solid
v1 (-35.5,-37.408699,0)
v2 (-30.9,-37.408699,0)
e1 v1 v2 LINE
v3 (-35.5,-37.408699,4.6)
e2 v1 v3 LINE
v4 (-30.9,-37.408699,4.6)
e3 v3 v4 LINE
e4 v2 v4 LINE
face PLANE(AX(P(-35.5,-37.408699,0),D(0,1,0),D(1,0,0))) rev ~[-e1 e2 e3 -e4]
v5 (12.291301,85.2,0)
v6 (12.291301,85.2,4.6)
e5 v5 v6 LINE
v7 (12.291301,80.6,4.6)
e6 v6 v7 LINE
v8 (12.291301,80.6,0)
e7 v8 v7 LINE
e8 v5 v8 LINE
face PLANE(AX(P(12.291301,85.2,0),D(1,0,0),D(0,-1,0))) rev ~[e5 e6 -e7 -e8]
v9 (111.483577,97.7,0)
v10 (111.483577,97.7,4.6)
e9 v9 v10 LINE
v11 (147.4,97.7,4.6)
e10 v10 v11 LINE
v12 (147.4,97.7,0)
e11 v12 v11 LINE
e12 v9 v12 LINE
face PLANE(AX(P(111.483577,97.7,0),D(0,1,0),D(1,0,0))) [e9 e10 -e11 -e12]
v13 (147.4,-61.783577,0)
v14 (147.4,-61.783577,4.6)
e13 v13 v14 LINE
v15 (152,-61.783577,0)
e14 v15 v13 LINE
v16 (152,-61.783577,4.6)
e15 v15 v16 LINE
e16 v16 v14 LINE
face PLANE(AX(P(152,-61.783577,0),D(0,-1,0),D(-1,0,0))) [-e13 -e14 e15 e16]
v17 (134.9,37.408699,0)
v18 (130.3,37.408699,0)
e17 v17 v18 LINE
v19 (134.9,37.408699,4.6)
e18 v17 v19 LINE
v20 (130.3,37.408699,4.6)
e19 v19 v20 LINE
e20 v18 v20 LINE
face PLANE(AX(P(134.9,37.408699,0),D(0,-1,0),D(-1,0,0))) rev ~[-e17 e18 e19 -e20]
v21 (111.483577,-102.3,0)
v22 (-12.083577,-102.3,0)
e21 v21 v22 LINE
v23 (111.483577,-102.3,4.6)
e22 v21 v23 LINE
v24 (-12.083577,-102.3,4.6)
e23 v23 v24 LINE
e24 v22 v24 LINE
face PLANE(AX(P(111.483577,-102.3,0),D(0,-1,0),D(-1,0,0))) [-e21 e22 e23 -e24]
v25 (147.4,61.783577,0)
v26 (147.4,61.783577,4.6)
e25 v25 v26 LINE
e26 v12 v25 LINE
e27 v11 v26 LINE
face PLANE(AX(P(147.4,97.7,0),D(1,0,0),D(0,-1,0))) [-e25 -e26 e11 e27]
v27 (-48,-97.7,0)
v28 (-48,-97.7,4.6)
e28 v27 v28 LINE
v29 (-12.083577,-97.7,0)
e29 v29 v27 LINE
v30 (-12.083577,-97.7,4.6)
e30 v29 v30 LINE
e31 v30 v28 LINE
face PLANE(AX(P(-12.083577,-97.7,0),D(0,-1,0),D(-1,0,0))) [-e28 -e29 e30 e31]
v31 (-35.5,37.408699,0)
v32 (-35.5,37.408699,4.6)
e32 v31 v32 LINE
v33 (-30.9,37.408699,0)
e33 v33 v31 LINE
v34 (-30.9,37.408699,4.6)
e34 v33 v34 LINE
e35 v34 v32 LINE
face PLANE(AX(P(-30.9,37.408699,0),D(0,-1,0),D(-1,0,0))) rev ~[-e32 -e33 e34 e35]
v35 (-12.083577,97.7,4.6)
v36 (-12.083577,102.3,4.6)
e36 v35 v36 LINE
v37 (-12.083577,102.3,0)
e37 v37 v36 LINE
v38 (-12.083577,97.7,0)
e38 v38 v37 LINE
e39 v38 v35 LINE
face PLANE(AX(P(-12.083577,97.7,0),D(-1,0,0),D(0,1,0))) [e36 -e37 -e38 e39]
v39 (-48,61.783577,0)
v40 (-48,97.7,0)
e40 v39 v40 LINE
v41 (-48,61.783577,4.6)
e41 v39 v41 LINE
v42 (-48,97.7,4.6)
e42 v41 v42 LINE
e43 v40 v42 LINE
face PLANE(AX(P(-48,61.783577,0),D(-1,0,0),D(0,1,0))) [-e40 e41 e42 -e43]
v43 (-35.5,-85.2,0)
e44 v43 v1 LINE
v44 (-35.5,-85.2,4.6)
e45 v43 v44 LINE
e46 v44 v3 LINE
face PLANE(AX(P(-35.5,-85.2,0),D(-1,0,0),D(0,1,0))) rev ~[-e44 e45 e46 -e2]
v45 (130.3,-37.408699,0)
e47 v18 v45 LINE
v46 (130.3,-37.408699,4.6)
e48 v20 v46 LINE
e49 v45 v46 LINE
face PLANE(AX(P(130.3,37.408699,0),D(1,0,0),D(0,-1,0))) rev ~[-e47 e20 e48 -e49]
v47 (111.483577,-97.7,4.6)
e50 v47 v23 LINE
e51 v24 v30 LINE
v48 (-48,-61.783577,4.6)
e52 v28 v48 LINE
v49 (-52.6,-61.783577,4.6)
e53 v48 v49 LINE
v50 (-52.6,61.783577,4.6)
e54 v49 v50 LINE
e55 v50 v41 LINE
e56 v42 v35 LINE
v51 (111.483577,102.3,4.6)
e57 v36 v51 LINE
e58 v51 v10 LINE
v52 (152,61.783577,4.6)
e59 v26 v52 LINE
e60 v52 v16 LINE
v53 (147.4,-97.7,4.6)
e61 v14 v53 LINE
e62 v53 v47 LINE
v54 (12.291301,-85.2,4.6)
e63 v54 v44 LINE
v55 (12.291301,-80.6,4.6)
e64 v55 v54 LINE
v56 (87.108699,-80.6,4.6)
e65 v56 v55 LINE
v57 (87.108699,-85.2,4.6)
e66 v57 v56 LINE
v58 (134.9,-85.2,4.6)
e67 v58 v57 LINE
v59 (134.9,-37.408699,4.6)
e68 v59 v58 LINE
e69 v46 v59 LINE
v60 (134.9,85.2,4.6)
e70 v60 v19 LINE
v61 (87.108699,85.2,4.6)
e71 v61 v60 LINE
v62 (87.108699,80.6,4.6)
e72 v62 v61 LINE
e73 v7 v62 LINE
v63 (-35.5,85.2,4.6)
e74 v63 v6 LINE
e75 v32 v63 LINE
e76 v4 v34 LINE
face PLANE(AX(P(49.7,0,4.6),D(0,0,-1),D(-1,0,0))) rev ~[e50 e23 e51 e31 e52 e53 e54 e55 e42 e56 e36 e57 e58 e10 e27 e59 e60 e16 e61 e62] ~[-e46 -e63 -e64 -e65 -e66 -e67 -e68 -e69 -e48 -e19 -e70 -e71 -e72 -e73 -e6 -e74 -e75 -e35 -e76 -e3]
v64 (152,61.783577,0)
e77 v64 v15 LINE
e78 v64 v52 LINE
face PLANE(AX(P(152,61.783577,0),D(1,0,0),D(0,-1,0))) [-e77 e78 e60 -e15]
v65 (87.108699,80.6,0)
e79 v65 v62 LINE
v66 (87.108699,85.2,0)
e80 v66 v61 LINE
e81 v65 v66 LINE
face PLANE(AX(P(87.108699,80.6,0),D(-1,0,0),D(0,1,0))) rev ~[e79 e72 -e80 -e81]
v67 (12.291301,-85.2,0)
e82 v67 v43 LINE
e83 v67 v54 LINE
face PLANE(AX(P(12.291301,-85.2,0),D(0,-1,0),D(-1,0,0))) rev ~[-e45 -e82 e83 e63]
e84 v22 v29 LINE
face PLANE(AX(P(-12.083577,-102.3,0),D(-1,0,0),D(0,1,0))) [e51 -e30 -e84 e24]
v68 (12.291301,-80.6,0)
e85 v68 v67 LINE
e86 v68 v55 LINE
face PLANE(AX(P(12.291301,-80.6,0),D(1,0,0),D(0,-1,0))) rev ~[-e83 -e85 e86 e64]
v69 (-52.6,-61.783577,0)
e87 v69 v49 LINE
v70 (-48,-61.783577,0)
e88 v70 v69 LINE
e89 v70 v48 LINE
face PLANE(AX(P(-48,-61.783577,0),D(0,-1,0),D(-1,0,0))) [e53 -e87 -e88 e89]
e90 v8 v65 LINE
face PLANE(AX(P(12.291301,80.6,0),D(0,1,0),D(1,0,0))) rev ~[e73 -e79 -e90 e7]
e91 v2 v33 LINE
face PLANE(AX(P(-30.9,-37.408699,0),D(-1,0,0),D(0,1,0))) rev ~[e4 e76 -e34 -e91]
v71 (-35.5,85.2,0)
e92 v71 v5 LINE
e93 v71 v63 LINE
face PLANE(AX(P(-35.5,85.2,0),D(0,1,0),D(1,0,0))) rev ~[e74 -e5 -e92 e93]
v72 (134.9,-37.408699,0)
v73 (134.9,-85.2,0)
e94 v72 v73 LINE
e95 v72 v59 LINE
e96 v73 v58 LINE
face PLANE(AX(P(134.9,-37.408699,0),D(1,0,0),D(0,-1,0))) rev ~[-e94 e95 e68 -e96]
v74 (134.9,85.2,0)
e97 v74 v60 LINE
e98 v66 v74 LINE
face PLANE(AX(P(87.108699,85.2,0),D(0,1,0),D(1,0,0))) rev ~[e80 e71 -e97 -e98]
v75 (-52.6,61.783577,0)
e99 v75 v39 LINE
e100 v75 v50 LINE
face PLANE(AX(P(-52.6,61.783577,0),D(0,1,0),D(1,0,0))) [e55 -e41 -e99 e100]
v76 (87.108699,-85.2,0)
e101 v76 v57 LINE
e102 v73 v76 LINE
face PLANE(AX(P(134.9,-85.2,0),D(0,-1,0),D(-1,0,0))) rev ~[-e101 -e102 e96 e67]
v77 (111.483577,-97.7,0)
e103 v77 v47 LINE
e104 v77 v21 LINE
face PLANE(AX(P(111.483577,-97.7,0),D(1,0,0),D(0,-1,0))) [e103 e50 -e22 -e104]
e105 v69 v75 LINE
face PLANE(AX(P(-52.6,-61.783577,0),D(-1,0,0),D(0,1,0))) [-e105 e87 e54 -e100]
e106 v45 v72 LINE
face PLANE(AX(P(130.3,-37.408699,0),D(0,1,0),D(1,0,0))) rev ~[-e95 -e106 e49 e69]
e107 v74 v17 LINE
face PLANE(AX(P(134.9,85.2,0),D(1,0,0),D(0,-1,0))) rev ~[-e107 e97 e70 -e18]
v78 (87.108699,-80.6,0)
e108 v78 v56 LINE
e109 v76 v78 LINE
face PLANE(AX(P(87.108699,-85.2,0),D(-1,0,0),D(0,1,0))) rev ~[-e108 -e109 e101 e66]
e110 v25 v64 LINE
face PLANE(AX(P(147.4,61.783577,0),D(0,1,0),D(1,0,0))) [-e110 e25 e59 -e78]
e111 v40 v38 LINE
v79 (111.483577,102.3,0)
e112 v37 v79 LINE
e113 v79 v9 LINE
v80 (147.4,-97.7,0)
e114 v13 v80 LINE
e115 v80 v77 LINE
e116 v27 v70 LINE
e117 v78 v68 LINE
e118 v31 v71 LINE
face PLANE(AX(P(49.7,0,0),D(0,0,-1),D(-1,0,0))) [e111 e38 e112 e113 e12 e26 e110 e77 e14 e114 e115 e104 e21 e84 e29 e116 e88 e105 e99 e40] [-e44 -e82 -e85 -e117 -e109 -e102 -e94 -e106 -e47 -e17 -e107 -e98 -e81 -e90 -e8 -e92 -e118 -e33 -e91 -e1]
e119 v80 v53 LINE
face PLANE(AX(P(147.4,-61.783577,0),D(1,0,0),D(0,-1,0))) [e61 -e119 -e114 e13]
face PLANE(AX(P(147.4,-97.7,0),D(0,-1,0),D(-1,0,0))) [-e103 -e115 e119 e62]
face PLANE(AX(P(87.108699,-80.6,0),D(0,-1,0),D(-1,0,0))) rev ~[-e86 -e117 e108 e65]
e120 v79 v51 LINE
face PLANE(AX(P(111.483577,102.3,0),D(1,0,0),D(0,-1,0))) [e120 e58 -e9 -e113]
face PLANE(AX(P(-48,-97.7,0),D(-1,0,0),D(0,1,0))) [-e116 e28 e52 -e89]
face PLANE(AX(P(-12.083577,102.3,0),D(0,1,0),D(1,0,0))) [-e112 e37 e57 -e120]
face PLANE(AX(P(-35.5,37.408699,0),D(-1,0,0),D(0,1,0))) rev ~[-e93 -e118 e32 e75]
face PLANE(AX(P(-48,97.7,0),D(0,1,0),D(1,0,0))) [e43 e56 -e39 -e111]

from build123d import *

# Parameters (mm, degrees)
BOSS_EXTRUDE1_DEPTH = 4.6
CUT_EXTRUDE1_DEPTH  = 5.6


with BuildPart() as part:
    # Sketch1 → Boss-Extrude1 (new body)
    with BuildSketch(Plane.XY):
        Polygon((147.4, 61.783577493), (152, 61.783577493), (152, -61.783577493), (147.4, -61.783577493), (147.4, -97.7), (111.483577493, -97.7), (111.483577493, -102.3), (-12.083577493, -102.3), (-12.083577493, -97.7), (-48, -97.7), (-48, -61.783577493), (-52.6, -61.783577493), (-52.6, 61.783577493), (-48, 61.783577493), (-48, 97.7), (-12.083577493, 97.7), (-12.083577493, 102.3), (111.483577493, 102.3), (111.483577493, 97.7), (147.4, 97.7), align=None)
    extrude(amount=BOSS_EXTRUDE1_DEPTH)

    # Sketch2 → Cut-Extrude1 (cut, through all)
    with BuildSketch(Plane(origin=(0, 0, 0), x_dir=(-1, 0, 0), z_dir=(0, 0, -1))):
        Polygon((-134.9, -85.2), (-87.108698535, -85.2), (-87.108698535, -80.6), (-12.291301465, -80.6), (-12.291301465, -85.2), (35.5, -85.2), (35.5, -37.408698535), (30.9, -37.408698535), (30.9, 37.408698535), (35.5, 37.408698535), (35.5, 85.2), (-12.291301465, 85.2), (-12.291301465, 80.6), (-87.108698535, 80.6), (-87.108698535, 85.2), (-134.9, 85.2), (-134.9, 37.408698535), (-130.3, 37.408698535), (-130.3, -37.408698535), (-134.9, -37.408698535), align=None)
    extrude(amount=-CUT_EXTRUDE1_DEPTH, mode=Mode.SUBTRACT)


solid = part.part
